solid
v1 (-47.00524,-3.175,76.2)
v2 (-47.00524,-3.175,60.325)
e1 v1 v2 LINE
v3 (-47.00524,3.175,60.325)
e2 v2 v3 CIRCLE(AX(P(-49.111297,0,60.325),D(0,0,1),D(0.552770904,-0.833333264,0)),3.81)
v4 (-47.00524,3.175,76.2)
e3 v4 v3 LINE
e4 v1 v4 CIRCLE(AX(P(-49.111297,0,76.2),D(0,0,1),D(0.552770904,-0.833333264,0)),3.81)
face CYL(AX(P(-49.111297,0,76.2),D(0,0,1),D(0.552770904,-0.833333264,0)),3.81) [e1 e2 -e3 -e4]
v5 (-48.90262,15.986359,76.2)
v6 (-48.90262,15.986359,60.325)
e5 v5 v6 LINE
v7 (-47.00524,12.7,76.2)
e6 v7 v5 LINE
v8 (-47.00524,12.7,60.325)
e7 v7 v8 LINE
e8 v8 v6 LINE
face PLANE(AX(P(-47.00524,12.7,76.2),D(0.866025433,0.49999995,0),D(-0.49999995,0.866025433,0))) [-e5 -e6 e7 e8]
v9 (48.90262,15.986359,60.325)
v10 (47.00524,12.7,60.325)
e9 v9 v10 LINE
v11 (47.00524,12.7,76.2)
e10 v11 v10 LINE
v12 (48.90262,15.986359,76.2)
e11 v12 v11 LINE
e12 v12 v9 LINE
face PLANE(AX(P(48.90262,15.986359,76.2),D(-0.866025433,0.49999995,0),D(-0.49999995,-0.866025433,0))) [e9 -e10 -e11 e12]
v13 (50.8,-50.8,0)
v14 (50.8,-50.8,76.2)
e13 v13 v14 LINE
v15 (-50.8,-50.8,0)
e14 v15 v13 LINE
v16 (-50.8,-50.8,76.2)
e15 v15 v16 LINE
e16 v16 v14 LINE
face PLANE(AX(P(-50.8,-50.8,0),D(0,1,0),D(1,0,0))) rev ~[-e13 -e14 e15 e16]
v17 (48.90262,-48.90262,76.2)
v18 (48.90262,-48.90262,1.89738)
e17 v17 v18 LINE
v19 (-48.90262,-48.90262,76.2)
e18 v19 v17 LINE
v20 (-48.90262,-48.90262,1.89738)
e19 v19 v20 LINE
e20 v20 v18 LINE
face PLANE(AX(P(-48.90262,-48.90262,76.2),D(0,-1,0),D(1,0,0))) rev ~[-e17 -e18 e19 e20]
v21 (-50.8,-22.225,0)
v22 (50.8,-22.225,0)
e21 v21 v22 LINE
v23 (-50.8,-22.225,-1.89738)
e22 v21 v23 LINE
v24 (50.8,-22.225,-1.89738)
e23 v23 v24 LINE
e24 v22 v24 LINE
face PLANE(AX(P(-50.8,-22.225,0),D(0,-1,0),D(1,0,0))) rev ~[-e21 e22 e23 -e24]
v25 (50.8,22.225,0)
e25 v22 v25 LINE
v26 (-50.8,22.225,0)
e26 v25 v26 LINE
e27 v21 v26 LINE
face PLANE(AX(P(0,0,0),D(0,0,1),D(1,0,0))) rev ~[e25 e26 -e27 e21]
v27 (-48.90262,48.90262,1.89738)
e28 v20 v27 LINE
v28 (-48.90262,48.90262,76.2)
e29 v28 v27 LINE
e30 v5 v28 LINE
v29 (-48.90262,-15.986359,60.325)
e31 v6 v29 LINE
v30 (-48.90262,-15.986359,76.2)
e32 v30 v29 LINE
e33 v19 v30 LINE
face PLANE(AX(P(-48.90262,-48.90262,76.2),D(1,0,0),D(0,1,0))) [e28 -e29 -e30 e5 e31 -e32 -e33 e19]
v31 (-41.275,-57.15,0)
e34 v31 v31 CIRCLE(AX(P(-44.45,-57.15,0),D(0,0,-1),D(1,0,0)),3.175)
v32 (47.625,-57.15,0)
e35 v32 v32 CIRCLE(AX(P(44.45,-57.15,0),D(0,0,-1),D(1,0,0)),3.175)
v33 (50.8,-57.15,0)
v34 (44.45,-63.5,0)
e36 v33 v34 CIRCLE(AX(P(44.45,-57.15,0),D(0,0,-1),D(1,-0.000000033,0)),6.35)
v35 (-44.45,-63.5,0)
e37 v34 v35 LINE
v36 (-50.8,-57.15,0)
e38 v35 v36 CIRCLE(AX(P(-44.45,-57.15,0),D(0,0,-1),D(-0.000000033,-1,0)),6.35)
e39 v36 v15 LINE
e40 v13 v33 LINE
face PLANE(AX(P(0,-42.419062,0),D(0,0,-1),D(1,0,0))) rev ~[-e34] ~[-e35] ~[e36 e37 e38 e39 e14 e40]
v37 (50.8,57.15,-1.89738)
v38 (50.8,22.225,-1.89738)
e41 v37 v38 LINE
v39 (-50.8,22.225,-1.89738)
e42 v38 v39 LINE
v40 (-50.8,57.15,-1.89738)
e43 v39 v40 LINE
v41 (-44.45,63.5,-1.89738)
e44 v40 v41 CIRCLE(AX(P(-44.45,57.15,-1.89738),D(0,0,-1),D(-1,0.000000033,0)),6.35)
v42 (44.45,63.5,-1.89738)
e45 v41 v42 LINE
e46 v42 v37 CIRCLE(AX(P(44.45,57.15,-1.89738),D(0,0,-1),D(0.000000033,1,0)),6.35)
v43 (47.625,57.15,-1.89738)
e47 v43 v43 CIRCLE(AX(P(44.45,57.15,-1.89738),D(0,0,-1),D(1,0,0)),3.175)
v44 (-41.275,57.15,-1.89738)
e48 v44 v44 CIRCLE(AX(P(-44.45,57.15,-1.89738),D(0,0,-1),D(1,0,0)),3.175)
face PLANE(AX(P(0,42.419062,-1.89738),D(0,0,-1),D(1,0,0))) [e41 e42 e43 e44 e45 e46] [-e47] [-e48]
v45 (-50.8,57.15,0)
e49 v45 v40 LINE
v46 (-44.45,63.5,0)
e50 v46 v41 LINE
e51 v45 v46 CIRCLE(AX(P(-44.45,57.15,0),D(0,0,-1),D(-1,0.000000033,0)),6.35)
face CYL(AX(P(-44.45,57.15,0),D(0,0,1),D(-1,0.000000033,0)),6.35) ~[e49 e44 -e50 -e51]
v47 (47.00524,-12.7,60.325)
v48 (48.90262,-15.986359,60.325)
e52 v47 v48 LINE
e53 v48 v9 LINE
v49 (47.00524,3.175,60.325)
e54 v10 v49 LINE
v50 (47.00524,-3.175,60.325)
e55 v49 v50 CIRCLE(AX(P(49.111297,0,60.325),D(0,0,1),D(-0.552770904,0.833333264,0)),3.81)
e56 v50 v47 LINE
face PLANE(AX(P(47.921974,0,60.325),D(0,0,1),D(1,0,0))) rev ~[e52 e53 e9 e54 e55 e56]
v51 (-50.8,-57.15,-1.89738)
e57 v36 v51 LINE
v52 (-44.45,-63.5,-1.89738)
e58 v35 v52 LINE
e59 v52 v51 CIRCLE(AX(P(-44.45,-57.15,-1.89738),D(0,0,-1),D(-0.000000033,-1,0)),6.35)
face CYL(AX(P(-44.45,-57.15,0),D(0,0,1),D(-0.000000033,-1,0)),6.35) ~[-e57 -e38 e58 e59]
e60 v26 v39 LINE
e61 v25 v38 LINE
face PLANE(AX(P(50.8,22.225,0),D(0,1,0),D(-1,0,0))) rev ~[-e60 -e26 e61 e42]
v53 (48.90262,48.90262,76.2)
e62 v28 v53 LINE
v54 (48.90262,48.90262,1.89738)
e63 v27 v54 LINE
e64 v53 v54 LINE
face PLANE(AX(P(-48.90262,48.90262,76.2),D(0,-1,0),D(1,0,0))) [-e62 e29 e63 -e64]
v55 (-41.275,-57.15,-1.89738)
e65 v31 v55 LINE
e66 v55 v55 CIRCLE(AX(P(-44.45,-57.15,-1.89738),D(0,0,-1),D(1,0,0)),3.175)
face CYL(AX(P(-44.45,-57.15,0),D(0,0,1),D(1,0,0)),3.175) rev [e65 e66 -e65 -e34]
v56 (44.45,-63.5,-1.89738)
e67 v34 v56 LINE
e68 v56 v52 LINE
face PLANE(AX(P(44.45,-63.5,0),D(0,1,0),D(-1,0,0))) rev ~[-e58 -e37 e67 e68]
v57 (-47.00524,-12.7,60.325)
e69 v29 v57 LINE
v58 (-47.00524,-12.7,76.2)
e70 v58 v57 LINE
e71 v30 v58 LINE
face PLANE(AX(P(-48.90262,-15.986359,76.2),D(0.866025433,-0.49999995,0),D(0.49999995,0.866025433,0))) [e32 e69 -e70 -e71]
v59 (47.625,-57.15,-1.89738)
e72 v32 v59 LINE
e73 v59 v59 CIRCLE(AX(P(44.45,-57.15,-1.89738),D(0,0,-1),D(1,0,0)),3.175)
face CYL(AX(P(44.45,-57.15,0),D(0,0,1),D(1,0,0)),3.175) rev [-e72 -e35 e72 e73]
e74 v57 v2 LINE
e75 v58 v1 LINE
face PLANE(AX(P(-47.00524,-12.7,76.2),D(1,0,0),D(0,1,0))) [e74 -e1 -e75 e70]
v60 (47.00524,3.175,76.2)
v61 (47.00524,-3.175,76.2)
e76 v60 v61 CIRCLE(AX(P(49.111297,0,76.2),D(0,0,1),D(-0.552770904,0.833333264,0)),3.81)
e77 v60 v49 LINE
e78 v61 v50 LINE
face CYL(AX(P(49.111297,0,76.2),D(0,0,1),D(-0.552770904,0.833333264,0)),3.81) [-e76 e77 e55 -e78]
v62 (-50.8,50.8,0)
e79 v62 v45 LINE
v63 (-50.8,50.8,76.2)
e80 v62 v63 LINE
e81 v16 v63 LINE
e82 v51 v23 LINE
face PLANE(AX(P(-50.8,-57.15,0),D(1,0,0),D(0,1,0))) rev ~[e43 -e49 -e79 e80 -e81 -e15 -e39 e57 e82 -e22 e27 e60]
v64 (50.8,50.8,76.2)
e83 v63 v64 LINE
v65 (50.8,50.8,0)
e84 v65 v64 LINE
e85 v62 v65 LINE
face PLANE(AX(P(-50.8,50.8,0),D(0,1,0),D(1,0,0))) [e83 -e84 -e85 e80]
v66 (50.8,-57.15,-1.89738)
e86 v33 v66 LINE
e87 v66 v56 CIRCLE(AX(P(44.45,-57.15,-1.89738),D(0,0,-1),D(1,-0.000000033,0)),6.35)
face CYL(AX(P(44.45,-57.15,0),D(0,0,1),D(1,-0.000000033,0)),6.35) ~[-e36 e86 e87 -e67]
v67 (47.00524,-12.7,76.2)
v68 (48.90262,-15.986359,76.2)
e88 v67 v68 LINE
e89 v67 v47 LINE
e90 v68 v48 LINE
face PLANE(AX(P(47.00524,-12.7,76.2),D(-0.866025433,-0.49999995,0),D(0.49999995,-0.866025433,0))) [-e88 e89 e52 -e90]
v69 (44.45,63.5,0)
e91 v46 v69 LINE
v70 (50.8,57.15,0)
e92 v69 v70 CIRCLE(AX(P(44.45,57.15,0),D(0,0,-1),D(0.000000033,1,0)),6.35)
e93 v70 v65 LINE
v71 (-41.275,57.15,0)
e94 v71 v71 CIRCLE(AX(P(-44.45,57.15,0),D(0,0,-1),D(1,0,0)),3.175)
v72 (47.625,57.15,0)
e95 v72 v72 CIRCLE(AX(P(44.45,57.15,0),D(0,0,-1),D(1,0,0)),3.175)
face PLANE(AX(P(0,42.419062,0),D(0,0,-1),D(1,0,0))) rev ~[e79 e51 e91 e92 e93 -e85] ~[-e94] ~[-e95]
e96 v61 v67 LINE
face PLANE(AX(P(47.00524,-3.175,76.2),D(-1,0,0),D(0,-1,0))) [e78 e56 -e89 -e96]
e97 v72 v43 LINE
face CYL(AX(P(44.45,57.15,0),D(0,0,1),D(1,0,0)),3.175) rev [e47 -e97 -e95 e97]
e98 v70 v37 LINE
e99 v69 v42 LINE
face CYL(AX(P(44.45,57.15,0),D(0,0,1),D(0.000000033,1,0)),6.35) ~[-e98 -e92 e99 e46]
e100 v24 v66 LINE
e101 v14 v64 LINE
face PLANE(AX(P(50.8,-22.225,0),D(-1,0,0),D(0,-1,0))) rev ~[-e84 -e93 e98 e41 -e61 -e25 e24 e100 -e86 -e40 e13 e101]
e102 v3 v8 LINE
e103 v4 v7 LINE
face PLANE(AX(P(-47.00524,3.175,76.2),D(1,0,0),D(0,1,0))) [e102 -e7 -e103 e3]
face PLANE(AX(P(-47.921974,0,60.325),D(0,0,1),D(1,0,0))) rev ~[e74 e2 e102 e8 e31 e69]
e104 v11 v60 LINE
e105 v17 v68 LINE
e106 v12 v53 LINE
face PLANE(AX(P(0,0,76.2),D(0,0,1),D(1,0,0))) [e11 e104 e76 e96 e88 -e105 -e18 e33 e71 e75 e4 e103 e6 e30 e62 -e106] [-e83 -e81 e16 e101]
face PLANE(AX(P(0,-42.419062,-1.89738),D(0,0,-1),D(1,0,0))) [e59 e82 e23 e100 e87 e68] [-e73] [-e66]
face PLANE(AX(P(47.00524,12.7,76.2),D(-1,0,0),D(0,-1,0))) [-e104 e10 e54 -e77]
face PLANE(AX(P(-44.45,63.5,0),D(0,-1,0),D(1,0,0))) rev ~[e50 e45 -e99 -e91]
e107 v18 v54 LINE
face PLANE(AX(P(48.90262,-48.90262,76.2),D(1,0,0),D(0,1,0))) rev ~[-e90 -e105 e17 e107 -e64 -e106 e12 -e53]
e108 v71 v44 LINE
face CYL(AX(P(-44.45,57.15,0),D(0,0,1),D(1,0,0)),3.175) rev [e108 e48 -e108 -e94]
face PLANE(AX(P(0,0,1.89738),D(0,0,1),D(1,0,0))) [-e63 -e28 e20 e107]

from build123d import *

# Parameters (mm, degrees)
F0_W     = 101.6
F0_H     = 101.6
F1_DEPTH = 76.2
F2_W     = 97.80524
F2_H     = 97.80524
F3_DEPTH = 74.30262
F5_DEPTH = 15.875
F6_R     = 3.175
F7_DEPTH = 1.89738


with BuildPart() as f1:
    # F0 (on Top) → F1 (new body)
    with BuildSketch(Plane.XY):
        Rectangle(F0_W, F0_H)
    extrude(amount=F1_DEPTH)

    # F2 (on face) → F3 (cut)
    with BuildSketch(Plane.XY.offset(76.2)):
        Rectangle(F2_W, F2_H)
    extrude(amount=-F3_DEPTH, mode=Mode.SUBTRACT)

    # F4 (on face) → F5 (join)
    with BuildSketch(Plane.XY.offset(76.2)):
        with BuildLine():
            Line((-47.00524, 12.7), (-48.90262, 15.986359))
            Line((-48.90262, 15.986359), (-48.90262, -15.986359))
            Line((-48.90262, -15.986359), (-47.00524, -12.7))
            Line((-47.00524, -12.7), (-47.00524, -3.175))
            ThreePointArc((-47.00524, -3.175), (-45.301297, 0), (-47.00524, 3.175))
            Line((-47.00524, 3.175), (-47.00524, 12.7))
        make_face()
        with BuildLine():
            Line((48.90262, -15.986359), (48.90262, 15.986359))
            Line((48.90262, 15.986359), (47.00524, 12.7))
            Line((47.00524, 12.7), (47.00524, 3.175))
            ThreePointArc((47.00524, 3.175), (45.301297, 0), (47.00524, -3.175))
            Line((47.00524, -3.175), (47.00524, -12.7))
            Line((47.00524, -12.7), (48.90262, -15.986359))
        make_face()
    extrude(amount=-F5_DEPTH)

    # F6 (on face) → F7 (join)
    with BuildSketch(Plane(origin=(0, 0, 0), x_dir=(1, 0, 0), z_dir=(0, 0, -1))):
        with BuildLine():
            Line((-50.8, 57.15), (-50.8, 22.225))
            Line((-50.8, 22.225), (50.8, 22.225))
            Line((50.8, 22.225), (50.8, 57.15))
            ThreePointArc((50.8, 57.15), (48.940128, 61.640128), (44.45, 63.5))
            Line((44.45, 63.5), (-44.45, 63.5))
            ThreePointArc((-44.45, 63.5), (-48.940128, 61.640128), (-50.8, 57.15))
        make_face()
        with Locations((-44.45, 57.15)):
            Circle(F6_R, mode=Mode.SUBTRACT)
        with Locations((44.45, 57.15)):
            Circle(F6_R, mode=Mode.SUBTRACT)
        with BuildLine():
            Line((50.8, -22.225), (-50.8, -22.225))
            Line((-50.8, -22.225), (-50.8, -57.15))
            ThreePointArc((-50.8, -57.15), (-48.940128, -61.640128), (-44.45, -63.5))
            Line((-44.45, -63.5), (44.45, -63.5))
            ThreePointArc((44.45, -63.5), (48.940128, -61.640128), (50.8, -57.15))
            Line((50.8, -57.15), (50.8, -22.225))
        make_face()
        with Locations((-44.45, -57.15)):
            Circle(F6_R, mode=Mode.SUBTRACT)
        with Locations((44.45, -57.15)):
            Circle(F6_R, mode=Mode.SUBTRACT)
    extrude(amount=F7_DEPTH)


solid = f1.part
